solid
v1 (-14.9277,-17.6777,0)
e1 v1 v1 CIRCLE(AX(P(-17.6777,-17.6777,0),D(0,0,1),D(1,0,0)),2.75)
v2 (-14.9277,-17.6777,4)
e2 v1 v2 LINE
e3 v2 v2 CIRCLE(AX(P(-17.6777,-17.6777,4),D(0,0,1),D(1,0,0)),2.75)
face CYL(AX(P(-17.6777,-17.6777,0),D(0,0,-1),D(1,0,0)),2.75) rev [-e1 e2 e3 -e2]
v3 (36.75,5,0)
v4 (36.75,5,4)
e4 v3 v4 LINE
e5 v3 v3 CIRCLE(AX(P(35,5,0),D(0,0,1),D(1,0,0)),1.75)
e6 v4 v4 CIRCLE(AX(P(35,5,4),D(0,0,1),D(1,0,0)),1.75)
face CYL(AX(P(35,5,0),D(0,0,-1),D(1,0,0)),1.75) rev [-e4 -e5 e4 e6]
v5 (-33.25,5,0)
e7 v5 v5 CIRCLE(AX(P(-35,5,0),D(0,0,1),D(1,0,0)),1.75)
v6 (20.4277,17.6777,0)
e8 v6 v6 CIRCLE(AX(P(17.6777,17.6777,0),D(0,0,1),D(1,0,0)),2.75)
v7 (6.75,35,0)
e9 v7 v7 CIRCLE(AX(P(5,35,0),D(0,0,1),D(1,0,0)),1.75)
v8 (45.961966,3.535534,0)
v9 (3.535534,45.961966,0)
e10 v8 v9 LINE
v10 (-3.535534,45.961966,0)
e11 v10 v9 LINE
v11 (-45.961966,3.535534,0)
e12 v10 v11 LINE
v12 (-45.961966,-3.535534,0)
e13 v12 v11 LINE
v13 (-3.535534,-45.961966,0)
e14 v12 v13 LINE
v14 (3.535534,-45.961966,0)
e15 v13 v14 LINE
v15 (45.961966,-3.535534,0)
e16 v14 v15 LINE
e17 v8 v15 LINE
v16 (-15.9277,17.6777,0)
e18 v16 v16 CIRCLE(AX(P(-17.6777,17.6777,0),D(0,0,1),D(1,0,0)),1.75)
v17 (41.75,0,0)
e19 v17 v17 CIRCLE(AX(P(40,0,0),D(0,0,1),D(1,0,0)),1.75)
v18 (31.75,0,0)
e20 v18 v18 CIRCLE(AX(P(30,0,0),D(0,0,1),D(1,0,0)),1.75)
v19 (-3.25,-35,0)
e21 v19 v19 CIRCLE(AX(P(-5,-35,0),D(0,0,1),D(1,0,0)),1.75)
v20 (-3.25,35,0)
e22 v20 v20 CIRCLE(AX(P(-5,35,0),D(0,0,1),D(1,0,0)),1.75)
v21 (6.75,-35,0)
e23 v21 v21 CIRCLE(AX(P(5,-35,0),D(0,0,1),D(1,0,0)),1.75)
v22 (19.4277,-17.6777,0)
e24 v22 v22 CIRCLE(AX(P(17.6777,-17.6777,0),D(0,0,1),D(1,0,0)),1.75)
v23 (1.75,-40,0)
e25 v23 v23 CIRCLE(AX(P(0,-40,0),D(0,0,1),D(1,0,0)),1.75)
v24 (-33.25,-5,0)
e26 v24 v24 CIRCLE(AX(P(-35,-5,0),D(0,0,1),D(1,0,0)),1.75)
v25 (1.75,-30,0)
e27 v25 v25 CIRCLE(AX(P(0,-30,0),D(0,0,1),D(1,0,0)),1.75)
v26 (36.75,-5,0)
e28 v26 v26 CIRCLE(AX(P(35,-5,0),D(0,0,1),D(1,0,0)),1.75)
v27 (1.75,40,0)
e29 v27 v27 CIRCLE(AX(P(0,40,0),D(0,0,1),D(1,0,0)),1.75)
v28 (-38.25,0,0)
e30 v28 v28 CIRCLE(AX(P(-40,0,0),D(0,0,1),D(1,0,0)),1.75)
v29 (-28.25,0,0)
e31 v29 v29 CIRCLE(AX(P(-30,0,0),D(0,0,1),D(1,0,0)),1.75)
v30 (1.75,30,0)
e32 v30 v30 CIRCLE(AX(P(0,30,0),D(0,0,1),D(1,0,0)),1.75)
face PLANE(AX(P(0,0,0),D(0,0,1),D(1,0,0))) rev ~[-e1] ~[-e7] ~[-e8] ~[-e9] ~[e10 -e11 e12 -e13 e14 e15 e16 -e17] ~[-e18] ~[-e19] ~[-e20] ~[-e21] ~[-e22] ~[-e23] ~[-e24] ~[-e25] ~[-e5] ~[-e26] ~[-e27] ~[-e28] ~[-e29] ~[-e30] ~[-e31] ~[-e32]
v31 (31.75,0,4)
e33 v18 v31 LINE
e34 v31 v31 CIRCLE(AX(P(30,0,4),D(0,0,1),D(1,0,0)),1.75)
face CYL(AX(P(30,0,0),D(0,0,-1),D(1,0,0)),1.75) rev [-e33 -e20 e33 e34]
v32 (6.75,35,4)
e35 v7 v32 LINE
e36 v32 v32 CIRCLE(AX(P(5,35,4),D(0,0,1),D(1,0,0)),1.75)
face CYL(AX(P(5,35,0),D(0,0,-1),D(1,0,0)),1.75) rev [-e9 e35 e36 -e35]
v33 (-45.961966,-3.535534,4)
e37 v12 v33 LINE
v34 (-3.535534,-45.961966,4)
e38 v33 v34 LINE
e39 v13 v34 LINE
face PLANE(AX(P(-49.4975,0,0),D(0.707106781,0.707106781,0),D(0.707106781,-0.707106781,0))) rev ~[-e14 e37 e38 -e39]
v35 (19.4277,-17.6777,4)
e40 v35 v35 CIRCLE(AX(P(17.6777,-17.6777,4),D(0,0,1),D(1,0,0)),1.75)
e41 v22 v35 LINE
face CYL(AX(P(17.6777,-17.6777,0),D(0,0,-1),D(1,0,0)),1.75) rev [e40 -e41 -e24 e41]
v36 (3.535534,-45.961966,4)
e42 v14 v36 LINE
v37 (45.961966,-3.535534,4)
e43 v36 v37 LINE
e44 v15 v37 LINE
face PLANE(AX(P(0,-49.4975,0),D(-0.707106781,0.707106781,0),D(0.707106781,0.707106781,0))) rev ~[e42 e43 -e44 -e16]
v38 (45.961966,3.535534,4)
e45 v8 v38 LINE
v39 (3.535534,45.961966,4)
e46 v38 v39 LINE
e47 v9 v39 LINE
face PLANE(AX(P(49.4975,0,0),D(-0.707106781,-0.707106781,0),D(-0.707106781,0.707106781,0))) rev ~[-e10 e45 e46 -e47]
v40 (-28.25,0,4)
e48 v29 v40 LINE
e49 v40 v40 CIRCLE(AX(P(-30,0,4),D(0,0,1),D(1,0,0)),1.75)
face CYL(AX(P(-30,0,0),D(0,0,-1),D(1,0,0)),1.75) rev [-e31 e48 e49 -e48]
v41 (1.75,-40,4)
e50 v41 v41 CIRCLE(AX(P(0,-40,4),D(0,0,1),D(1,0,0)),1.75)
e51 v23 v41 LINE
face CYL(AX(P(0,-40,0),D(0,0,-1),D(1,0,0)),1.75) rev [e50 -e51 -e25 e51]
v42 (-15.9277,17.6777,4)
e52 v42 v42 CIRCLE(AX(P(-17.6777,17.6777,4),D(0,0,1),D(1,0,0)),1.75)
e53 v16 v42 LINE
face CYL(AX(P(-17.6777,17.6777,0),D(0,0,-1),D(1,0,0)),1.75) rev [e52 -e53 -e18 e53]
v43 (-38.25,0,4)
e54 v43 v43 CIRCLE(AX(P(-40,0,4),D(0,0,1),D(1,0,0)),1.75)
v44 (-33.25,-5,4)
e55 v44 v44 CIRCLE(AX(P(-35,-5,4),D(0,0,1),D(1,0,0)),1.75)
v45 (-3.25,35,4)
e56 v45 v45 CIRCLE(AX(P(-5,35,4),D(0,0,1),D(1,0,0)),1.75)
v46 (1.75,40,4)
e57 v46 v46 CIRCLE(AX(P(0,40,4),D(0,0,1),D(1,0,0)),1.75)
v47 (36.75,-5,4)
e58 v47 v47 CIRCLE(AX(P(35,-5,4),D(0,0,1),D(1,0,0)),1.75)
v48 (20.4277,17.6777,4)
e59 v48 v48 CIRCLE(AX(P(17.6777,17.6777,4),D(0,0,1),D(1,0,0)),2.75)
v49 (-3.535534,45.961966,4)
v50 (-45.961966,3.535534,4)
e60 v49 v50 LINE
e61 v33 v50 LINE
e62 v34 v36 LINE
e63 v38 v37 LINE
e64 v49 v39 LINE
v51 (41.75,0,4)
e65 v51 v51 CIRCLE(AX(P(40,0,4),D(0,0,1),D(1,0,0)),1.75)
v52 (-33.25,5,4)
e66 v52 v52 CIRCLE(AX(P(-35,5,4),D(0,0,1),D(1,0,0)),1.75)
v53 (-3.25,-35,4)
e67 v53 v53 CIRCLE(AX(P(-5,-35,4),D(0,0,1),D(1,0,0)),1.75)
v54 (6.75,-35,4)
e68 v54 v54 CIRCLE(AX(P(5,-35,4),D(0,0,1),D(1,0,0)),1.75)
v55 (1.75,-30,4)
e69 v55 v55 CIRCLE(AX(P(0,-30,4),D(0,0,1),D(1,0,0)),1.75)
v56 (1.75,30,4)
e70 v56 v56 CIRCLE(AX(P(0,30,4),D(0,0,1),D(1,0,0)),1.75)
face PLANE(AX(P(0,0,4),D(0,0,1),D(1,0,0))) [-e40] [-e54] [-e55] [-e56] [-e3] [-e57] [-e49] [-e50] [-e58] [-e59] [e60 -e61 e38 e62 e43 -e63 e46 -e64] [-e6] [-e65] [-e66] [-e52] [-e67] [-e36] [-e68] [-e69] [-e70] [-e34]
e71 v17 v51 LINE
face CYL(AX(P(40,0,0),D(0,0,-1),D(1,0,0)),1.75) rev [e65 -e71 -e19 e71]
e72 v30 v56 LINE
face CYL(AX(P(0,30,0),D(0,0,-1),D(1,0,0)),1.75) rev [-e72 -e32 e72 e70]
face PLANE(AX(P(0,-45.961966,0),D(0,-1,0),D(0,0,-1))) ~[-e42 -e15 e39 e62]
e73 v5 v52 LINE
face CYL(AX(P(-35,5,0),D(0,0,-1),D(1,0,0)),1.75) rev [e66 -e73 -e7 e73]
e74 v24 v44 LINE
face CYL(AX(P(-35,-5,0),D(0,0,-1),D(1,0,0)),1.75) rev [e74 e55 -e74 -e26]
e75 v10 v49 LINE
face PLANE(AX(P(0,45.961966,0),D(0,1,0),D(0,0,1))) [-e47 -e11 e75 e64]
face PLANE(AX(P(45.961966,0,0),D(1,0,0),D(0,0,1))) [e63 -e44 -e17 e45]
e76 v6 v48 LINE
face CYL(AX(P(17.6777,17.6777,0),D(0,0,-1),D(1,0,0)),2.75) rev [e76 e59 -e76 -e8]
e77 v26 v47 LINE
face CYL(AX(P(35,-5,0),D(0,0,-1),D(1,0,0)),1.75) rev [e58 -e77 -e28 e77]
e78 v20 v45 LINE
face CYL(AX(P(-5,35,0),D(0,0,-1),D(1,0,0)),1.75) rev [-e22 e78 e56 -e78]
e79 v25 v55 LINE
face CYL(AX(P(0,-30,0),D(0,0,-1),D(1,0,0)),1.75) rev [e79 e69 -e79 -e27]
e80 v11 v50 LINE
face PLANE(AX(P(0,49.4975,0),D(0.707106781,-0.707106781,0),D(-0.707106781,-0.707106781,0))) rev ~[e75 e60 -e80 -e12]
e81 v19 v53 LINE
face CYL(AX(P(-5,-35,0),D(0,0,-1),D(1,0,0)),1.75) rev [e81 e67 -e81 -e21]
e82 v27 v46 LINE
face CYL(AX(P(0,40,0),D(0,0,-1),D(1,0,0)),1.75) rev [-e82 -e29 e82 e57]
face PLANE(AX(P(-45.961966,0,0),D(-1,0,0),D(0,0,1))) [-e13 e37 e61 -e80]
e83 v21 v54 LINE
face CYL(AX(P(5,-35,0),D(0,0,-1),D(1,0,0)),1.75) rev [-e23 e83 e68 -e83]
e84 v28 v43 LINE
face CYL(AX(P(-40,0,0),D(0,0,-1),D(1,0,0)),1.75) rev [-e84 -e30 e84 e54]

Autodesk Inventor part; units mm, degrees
ref_plane "YZ Plane" through (0, 0, 0) normal (1, 0, 0) x (0, 1, 0)
ref_plane "XZ Plane" through (0, 0, 0) normal (0, 1, 0) x (-1, 0, 0)
ref_plane "XY Plane" through (0, 0, 0) normal (0, 0, 1) x (1, 0, 0)
sketch "スケッチ2" plane through (0, 0, 0) normal (0, 0, 1) x (1, 0, 0)
  line L0 (0, -49.4975) -> (49.4975, 0)
  line L1 (49.4975, 0) -> (0, 49.4975)
  line L2 (0, 49.4975) -> (-49.4975, 0)
  line L3 (-49.4975, 0) -> (0, -49.4975)
  line L4 (0, -49.4975) -> (0, 49.4975) construction
  line L5 (49.4975, 0) -> (-49.4975, 0) construction
  circle A0 centre (-5, 35) radius 1.75
  circle A1 centre (5, 35) radius 1.75
  circle A2 centre (-35, -5) radius 1.75
  circle A3 centre (-35, 5) radius 1.75
  circle A4 centre (5, -35) radius 1.75
  circle A5 centre (-5, -35) radius 1.75
  circle A6 centre (35, 5) radius 1.75
  circle A7 centre (35, -5) radius 1.75
  line L6 (-24.7487, 24.7487) -> (24.7487, -24.7487) construction
  line L7 (24.7487, 24.7487) -> (-24.7487, -24.7487) construction
  circle A8 centre (17.6777, 17.6777) radius 2.75
  circle A9 centre (-17.6777, 17.6777) radius 1.75
  circle A10 centre (-17.6777, -17.6777) radius 2.75
  circle A11 centre (17.6777, -17.6777) radius 1.75
  circle A12 centre (-30, 0) radius 1.75
  circle A13 centre (-40, 0) radius 1.75
  line L8 (-35, -5) -> (-35, 5) construction
  circle A14 centre (0, -30) radius 1.75
  circle A15 centre (0, -40) radius 1.75
  circle A16 centre (30, 0) radius 1.75
  circle A17 centre (40, 0) radius 1.75
  circle A18 centre (0, 30) radius 1.75
  circle A19 centre (0, 40) radius 1.75
  point P0 (0, 0)
  dimension "d1" = 3.5
  dimension "d2" = 5
  dimension "d3" = 35
  dimension "d6" = 360
  dimension "d12" = 5.5
  dimension "d13" = 3.5
  dimension "d14" = 25
  dimension "d15" = 25
  dimension "d29" = 70
  dimension "d30" = 5
  dimension "d31" = 5
  dimension "d34" = 360
extrude "押し出し1" add sketch "スケッチ2" along normal blind 4
chamfer "面取り1" distance 5 angle 45 4 edges at (0, -49.4975, 2) (49.4975, 0, 2) (0, 49.4975, 2) (-49.4975, 0, 2)
properties part number "_3D プリント"
